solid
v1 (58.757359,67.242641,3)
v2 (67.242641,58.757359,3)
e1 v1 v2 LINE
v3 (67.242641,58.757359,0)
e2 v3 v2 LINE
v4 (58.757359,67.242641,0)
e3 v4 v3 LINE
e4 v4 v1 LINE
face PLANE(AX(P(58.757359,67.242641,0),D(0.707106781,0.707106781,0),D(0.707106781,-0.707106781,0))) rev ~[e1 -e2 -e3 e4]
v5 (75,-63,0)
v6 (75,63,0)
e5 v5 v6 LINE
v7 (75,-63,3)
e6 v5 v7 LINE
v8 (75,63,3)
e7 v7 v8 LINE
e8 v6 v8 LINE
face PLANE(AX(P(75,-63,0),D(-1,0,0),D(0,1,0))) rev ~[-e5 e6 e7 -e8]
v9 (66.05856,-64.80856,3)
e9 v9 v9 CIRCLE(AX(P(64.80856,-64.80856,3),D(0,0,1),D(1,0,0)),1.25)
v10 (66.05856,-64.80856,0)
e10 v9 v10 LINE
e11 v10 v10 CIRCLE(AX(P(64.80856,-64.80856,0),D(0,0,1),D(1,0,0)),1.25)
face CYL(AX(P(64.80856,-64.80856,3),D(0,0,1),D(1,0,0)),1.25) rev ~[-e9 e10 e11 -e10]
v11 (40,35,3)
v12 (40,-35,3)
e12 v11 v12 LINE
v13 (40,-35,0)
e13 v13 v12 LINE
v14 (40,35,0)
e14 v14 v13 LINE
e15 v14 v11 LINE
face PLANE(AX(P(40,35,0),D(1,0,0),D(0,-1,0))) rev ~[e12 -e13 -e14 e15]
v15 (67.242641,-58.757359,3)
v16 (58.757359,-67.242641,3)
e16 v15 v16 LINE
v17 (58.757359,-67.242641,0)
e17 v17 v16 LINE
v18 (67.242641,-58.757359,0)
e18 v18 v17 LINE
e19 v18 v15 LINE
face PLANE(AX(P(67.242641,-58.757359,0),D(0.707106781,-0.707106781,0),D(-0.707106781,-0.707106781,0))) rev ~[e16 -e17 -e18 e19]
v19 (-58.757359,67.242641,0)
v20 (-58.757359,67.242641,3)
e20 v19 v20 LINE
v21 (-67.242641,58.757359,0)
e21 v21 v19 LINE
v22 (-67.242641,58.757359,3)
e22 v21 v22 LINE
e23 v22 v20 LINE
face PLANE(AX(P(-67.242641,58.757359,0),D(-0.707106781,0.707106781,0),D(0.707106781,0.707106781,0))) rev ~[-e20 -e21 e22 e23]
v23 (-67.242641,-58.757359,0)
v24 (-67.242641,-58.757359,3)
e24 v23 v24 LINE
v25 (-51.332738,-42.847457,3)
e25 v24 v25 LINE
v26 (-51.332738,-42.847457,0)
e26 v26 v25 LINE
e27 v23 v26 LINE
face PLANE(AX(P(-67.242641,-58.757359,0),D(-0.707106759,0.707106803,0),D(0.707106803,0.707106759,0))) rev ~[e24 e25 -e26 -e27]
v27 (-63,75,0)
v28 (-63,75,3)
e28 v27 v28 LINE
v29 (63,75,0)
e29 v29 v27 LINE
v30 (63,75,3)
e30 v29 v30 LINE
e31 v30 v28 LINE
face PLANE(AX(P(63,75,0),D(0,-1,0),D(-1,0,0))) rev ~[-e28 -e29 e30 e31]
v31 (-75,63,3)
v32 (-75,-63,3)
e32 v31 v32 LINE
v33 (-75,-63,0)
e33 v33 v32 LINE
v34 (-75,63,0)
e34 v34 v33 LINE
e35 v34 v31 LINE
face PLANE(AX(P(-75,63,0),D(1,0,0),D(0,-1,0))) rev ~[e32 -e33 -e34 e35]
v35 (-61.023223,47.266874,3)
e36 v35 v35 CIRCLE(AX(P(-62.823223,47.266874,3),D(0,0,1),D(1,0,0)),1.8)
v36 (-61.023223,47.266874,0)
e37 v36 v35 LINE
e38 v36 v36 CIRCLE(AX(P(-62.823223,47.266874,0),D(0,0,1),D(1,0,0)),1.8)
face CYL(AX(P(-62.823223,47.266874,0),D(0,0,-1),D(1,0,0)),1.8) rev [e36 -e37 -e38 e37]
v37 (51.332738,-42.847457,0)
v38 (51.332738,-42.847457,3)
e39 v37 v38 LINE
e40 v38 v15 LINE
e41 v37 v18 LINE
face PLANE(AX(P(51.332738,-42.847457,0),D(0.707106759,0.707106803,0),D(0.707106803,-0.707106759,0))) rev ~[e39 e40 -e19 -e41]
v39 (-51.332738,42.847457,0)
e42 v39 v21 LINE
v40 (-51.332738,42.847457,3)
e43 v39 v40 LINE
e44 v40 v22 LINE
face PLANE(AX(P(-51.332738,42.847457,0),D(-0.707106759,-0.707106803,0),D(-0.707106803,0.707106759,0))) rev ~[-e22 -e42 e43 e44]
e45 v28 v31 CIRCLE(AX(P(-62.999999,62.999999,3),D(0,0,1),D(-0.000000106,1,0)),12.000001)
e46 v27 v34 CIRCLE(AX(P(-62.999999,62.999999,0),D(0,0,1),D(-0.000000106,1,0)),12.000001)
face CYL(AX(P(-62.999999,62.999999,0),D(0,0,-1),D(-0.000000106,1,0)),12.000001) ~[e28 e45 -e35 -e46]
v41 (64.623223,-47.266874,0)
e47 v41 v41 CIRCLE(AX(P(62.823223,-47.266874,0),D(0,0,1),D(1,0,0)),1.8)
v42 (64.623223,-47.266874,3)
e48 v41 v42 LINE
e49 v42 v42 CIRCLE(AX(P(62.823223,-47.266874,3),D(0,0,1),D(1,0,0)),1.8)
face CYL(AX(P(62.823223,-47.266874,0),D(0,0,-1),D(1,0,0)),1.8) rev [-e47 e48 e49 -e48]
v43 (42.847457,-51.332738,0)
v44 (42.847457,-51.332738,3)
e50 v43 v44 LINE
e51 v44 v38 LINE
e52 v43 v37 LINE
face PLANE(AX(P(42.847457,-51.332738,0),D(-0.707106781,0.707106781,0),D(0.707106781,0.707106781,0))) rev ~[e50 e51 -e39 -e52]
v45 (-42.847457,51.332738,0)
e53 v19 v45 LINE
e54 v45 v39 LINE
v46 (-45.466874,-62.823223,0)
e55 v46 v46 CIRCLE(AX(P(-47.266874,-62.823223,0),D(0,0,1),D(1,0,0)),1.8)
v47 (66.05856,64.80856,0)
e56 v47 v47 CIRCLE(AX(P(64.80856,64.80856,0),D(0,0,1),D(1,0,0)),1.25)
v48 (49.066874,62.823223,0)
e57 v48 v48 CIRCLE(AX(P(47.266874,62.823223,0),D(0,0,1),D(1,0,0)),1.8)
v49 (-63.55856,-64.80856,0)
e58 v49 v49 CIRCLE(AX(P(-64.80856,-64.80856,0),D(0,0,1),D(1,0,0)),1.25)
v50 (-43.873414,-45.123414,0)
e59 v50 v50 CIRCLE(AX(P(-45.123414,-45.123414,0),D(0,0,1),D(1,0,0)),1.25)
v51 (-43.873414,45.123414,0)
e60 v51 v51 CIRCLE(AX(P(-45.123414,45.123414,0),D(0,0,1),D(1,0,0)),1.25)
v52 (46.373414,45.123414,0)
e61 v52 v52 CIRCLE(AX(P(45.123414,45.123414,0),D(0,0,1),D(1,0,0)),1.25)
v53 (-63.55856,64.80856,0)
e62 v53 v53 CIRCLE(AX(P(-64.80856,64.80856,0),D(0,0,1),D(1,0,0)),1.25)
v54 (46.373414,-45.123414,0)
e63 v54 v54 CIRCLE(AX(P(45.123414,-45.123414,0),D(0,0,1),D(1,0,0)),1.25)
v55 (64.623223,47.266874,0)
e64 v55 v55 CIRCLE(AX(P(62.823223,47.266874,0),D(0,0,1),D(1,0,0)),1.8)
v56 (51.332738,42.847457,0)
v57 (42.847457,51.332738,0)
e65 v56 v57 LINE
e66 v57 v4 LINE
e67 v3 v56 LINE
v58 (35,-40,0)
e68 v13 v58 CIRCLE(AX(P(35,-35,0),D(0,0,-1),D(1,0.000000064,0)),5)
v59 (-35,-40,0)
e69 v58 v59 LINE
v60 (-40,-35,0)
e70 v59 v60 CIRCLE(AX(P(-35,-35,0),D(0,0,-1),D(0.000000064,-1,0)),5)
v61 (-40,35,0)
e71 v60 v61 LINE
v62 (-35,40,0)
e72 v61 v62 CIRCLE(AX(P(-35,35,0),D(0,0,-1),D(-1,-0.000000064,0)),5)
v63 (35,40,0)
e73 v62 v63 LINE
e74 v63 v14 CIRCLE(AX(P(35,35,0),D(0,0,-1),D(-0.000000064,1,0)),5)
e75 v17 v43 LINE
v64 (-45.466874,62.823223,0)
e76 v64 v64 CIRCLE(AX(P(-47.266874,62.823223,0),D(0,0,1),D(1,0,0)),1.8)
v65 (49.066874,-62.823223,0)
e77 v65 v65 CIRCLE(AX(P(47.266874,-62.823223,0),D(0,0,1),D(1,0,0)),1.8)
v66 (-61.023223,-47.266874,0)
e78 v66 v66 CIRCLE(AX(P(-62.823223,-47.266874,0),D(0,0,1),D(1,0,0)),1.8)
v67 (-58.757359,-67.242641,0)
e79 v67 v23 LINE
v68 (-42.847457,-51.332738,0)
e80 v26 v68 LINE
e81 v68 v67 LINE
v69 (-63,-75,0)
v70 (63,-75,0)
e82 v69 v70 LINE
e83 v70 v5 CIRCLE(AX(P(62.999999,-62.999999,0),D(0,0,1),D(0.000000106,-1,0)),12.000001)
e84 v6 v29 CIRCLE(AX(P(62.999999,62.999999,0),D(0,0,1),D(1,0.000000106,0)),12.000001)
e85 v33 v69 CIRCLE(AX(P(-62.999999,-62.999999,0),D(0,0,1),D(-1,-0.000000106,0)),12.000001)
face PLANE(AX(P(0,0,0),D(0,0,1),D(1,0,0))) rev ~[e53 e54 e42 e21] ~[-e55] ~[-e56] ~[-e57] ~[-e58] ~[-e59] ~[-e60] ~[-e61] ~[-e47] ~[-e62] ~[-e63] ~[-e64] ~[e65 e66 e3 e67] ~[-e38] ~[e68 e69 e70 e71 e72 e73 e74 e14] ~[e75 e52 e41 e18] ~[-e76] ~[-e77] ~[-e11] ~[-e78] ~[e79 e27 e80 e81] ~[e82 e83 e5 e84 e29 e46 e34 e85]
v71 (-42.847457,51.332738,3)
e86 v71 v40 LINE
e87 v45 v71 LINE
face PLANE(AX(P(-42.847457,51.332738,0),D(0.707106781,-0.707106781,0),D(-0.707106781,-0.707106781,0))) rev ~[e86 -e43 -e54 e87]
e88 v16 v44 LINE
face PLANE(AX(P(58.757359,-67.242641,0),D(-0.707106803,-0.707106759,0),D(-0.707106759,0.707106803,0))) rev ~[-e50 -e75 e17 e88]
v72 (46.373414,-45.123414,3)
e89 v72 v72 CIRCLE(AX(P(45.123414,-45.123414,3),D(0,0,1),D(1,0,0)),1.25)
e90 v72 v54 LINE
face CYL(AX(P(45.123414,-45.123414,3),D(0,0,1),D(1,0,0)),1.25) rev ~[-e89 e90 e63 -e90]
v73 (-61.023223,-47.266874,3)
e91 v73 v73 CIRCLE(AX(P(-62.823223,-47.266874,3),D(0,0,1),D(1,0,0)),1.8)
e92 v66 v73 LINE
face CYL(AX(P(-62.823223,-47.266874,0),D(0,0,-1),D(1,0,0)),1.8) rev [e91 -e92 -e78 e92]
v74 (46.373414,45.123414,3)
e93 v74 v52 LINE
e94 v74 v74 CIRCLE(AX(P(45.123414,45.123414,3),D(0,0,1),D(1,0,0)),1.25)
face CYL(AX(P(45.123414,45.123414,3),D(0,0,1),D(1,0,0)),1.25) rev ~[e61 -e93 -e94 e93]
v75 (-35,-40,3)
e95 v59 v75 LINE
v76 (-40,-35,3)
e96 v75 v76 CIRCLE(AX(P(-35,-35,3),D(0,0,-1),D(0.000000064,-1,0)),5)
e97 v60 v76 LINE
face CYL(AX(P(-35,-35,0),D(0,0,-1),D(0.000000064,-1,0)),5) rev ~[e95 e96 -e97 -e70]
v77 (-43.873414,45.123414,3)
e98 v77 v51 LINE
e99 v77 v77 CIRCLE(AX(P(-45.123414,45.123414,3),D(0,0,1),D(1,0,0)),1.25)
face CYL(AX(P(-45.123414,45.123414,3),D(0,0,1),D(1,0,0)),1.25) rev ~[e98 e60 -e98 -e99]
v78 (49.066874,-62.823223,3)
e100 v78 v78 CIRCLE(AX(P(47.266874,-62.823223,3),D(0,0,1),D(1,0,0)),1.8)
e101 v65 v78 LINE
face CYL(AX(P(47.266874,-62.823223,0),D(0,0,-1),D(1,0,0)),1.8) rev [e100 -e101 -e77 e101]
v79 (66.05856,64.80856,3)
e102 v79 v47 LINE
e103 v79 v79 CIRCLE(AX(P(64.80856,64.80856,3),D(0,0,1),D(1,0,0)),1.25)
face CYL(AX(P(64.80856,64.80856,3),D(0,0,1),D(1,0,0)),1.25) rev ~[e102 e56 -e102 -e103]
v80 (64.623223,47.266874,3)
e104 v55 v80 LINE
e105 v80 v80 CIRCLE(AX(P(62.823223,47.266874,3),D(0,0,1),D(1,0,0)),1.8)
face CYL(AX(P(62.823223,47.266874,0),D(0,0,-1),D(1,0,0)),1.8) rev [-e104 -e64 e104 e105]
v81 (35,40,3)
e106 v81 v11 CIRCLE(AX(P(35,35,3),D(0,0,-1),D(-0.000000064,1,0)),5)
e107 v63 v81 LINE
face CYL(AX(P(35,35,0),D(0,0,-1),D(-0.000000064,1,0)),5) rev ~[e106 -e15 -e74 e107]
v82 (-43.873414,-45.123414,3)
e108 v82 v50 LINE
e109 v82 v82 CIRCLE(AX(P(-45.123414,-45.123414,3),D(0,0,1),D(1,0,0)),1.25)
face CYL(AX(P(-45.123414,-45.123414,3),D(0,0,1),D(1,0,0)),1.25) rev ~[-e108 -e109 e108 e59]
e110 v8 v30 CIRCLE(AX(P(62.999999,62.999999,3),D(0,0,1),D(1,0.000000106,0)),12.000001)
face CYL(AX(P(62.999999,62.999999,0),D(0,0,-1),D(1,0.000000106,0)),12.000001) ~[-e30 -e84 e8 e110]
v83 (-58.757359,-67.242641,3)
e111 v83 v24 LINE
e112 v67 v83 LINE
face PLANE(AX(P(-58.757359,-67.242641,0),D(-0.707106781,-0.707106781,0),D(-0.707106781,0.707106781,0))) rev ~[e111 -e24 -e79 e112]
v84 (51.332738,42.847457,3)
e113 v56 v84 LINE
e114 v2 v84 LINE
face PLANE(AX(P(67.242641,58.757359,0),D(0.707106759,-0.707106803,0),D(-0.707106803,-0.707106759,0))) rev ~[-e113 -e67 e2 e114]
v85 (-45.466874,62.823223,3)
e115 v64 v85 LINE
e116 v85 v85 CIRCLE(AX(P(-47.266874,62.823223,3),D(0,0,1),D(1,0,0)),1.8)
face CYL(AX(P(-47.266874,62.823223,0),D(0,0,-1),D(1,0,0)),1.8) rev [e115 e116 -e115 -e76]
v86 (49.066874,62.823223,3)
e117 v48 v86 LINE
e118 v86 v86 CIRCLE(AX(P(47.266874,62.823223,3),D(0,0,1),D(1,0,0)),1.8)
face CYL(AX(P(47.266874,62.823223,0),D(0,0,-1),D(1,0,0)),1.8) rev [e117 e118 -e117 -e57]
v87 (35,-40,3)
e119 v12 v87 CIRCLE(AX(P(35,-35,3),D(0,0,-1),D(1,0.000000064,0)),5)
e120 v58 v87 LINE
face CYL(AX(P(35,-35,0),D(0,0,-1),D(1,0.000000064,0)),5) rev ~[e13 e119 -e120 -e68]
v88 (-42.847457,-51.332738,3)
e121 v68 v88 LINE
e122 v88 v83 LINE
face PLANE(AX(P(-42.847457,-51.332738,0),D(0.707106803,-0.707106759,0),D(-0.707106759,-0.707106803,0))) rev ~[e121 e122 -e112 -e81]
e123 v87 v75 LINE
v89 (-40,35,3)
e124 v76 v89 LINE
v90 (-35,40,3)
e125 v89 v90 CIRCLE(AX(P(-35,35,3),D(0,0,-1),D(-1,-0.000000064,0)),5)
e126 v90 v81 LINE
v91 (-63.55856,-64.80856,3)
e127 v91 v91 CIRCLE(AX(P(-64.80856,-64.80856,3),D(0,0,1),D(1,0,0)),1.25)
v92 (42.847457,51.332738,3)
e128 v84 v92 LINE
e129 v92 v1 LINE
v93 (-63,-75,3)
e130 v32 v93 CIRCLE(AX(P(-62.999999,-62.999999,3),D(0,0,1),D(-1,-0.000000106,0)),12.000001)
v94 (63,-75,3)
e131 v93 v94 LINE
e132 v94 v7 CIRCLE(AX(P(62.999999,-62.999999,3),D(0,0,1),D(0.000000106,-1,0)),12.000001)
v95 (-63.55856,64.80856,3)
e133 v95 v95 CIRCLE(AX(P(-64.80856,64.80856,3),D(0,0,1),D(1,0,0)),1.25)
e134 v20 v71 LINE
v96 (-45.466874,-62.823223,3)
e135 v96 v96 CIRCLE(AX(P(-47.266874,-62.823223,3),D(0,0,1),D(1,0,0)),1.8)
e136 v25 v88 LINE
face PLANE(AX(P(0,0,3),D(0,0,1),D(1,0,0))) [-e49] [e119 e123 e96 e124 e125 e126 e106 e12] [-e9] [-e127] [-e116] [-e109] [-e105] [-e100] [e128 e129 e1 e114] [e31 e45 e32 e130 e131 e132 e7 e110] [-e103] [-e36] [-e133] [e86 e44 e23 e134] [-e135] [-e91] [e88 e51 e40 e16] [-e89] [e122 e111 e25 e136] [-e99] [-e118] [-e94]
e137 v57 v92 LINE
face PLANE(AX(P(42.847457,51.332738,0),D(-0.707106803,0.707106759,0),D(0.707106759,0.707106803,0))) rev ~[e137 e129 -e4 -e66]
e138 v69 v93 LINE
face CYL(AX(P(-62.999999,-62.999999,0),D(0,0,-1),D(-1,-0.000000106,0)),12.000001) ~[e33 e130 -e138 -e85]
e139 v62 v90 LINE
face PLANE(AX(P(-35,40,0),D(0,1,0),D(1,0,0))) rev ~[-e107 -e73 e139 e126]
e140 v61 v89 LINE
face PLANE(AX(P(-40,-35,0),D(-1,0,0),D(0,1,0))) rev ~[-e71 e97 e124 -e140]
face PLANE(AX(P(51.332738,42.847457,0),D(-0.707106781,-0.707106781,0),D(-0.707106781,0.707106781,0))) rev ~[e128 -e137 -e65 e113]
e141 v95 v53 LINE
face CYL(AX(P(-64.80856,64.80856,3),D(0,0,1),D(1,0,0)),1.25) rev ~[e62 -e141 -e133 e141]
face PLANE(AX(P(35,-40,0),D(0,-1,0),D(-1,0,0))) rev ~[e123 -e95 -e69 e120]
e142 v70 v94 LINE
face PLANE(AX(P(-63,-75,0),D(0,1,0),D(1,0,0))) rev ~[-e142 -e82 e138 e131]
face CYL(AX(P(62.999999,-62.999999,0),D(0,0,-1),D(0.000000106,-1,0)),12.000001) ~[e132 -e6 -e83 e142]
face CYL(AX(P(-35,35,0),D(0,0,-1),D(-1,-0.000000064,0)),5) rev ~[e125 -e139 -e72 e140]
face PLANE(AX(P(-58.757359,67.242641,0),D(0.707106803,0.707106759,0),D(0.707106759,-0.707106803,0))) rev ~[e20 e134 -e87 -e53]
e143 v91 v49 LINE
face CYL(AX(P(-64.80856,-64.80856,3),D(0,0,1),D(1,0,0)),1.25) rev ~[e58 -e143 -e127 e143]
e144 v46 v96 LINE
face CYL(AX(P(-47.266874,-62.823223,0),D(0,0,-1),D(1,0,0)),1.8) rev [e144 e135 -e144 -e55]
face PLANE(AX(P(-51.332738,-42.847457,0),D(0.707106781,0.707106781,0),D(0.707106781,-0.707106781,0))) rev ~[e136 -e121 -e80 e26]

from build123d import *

# Parameters (mm, degrees)
F0_R     = 1.8
F1_DEPTH = 3
F2_R     = 1.25
F3_DEPTH = 3.001


with BuildPart() as f1:
    # F0 (on Top) → F1 (new body)
    with BuildSketch(Plane.XY):
        with BuildLine():
            Line((63, 75), (-63, 75))
            ThreePointArc((-63, 75), (-71.485281, 71.485281), (-75, 63))
            Line((-75, 63), (-75, -63))
            ThreePointArc((-75, -63), (-71.485281, -71.485281), (-63, -75))
            Line((-63, -75), (63, -75))
            ThreePointArc((63, -75), (71.485281, -71.485281), (75, -63))
            Line((75, -63), (75, 63))
            ThreePointArc((75, 63), (71.485281, 71.485281), (63, 75))
        make_face()
        with Locations((-47.266874, -62.823223)):
            Circle(F0_R, mode=Mode.SUBTRACT)
        with Locations((-62.823223, -47.266874)):
            Circle(F0_R, mode=Mode.SUBTRACT)
        Polygon((-58.757359, -67.242641), (-67.242641, -58.757359), (-51.332738, -42.847457), (-42.847457, -51.332738), align=None, mode=Mode.SUBTRACT)
        with Locations((47.266874, -62.823223)):
            Circle(F0_R, mode=Mode.SUBTRACT)
        Polygon((42.847457, -51.332738), (51.332738, -42.847457), (67.242641, -58.757359), (58.757359, -67.242641), align=None, mode=Mode.SUBTRACT)
        with Locations((62.823223, -47.266874)):
            Circle(F0_R, mode=Mode.SUBTRACT)
        with Locations((-62.823223, 47.266874)):
            Circle(F0_R, mode=Mode.SUBTRACT)
        Polygon((-67.242641, 58.757359), (-58.757359, 67.242641), (-42.847457, 51.332738), (-51.332738, 42.847457), align=None, mode=Mode.SUBTRACT)
        with Locations((-47.266874, 62.823223)):
            Circle(F0_R, mode=Mode.SUBTRACT)
        with BuildLine():
            Line((-40, -35), (-40, 0))
            Line((-40, 0), (-40, 35))
            ThreePointArc((-40, 35), (-38.535534, 38.535534), (-35, 40))
            Line((-35, 40), (0, 40))
            Line((0, 40), (35, 40))
            ThreePointArc((35, 40), (38.535534, 38.535534), (40, 35))
            Line((40, 35), (40, 0))
            Line((40, 0), (40, -35))
            ThreePointArc((40, -35), (38.535534, -38.535534), (35, -40))
            Line((35, -40), (0, -40))
            Line((0, -40), (-35, -40))
            ThreePointArc((-35, -40), (-38.535534, -38.535534), (-40, -35))
        make_face(mode=Mode.SUBTRACT)
        Polygon((51.332738, 42.847457), (42.847457, 51.332738), (58.757359, 67.242641), (67.242641, 58.757359), align=None, mode=Mode.SUBTRACT)
        with Locations((62.823223, 47.266874)):
            Circle(F0_R, mode=Mode.SUBTRACT)
        with Locations((47.266874, 62.823223)):
            Circle(F0_R, mode=Mode.SUBTRACT)
    extrude(amount=F1_DEPTH)

    # F2 (on face) → F3 (cut, through all)
    with BuildSketch(Plane.XY.offset(3)):
        with Locations((-64.80856, -64.80856)):
            Circle(F2_R)
        with Locations((-45.123414, -45.123414)):
            Circle(F2_R)
        with Locations((45.123414, -45.123414)):
            Circle(F2_R)
        with Locations((45.123414, 45.123414)):
            Circle(F2_R)
        with Locations((-45.123414, 45.123414)):
            Circle(F2_R)
        with Locations((64.80856, -64.80856)):
            Circle(F2_R)
        with Locations((64.80856, 64.80856)):
            Circle(F2_R)
        with Locations((-64.80856, 64.80856)):
            Circle(F2_R)
    extrude(amount=-F3_DEPTH, mode=Mode.SUBTRACT)


with BuildPart() as f4_1:
    # F4: copy of F1
    add(f1.part.moved(Location((0, 0, 20))))


solid = f1.part
